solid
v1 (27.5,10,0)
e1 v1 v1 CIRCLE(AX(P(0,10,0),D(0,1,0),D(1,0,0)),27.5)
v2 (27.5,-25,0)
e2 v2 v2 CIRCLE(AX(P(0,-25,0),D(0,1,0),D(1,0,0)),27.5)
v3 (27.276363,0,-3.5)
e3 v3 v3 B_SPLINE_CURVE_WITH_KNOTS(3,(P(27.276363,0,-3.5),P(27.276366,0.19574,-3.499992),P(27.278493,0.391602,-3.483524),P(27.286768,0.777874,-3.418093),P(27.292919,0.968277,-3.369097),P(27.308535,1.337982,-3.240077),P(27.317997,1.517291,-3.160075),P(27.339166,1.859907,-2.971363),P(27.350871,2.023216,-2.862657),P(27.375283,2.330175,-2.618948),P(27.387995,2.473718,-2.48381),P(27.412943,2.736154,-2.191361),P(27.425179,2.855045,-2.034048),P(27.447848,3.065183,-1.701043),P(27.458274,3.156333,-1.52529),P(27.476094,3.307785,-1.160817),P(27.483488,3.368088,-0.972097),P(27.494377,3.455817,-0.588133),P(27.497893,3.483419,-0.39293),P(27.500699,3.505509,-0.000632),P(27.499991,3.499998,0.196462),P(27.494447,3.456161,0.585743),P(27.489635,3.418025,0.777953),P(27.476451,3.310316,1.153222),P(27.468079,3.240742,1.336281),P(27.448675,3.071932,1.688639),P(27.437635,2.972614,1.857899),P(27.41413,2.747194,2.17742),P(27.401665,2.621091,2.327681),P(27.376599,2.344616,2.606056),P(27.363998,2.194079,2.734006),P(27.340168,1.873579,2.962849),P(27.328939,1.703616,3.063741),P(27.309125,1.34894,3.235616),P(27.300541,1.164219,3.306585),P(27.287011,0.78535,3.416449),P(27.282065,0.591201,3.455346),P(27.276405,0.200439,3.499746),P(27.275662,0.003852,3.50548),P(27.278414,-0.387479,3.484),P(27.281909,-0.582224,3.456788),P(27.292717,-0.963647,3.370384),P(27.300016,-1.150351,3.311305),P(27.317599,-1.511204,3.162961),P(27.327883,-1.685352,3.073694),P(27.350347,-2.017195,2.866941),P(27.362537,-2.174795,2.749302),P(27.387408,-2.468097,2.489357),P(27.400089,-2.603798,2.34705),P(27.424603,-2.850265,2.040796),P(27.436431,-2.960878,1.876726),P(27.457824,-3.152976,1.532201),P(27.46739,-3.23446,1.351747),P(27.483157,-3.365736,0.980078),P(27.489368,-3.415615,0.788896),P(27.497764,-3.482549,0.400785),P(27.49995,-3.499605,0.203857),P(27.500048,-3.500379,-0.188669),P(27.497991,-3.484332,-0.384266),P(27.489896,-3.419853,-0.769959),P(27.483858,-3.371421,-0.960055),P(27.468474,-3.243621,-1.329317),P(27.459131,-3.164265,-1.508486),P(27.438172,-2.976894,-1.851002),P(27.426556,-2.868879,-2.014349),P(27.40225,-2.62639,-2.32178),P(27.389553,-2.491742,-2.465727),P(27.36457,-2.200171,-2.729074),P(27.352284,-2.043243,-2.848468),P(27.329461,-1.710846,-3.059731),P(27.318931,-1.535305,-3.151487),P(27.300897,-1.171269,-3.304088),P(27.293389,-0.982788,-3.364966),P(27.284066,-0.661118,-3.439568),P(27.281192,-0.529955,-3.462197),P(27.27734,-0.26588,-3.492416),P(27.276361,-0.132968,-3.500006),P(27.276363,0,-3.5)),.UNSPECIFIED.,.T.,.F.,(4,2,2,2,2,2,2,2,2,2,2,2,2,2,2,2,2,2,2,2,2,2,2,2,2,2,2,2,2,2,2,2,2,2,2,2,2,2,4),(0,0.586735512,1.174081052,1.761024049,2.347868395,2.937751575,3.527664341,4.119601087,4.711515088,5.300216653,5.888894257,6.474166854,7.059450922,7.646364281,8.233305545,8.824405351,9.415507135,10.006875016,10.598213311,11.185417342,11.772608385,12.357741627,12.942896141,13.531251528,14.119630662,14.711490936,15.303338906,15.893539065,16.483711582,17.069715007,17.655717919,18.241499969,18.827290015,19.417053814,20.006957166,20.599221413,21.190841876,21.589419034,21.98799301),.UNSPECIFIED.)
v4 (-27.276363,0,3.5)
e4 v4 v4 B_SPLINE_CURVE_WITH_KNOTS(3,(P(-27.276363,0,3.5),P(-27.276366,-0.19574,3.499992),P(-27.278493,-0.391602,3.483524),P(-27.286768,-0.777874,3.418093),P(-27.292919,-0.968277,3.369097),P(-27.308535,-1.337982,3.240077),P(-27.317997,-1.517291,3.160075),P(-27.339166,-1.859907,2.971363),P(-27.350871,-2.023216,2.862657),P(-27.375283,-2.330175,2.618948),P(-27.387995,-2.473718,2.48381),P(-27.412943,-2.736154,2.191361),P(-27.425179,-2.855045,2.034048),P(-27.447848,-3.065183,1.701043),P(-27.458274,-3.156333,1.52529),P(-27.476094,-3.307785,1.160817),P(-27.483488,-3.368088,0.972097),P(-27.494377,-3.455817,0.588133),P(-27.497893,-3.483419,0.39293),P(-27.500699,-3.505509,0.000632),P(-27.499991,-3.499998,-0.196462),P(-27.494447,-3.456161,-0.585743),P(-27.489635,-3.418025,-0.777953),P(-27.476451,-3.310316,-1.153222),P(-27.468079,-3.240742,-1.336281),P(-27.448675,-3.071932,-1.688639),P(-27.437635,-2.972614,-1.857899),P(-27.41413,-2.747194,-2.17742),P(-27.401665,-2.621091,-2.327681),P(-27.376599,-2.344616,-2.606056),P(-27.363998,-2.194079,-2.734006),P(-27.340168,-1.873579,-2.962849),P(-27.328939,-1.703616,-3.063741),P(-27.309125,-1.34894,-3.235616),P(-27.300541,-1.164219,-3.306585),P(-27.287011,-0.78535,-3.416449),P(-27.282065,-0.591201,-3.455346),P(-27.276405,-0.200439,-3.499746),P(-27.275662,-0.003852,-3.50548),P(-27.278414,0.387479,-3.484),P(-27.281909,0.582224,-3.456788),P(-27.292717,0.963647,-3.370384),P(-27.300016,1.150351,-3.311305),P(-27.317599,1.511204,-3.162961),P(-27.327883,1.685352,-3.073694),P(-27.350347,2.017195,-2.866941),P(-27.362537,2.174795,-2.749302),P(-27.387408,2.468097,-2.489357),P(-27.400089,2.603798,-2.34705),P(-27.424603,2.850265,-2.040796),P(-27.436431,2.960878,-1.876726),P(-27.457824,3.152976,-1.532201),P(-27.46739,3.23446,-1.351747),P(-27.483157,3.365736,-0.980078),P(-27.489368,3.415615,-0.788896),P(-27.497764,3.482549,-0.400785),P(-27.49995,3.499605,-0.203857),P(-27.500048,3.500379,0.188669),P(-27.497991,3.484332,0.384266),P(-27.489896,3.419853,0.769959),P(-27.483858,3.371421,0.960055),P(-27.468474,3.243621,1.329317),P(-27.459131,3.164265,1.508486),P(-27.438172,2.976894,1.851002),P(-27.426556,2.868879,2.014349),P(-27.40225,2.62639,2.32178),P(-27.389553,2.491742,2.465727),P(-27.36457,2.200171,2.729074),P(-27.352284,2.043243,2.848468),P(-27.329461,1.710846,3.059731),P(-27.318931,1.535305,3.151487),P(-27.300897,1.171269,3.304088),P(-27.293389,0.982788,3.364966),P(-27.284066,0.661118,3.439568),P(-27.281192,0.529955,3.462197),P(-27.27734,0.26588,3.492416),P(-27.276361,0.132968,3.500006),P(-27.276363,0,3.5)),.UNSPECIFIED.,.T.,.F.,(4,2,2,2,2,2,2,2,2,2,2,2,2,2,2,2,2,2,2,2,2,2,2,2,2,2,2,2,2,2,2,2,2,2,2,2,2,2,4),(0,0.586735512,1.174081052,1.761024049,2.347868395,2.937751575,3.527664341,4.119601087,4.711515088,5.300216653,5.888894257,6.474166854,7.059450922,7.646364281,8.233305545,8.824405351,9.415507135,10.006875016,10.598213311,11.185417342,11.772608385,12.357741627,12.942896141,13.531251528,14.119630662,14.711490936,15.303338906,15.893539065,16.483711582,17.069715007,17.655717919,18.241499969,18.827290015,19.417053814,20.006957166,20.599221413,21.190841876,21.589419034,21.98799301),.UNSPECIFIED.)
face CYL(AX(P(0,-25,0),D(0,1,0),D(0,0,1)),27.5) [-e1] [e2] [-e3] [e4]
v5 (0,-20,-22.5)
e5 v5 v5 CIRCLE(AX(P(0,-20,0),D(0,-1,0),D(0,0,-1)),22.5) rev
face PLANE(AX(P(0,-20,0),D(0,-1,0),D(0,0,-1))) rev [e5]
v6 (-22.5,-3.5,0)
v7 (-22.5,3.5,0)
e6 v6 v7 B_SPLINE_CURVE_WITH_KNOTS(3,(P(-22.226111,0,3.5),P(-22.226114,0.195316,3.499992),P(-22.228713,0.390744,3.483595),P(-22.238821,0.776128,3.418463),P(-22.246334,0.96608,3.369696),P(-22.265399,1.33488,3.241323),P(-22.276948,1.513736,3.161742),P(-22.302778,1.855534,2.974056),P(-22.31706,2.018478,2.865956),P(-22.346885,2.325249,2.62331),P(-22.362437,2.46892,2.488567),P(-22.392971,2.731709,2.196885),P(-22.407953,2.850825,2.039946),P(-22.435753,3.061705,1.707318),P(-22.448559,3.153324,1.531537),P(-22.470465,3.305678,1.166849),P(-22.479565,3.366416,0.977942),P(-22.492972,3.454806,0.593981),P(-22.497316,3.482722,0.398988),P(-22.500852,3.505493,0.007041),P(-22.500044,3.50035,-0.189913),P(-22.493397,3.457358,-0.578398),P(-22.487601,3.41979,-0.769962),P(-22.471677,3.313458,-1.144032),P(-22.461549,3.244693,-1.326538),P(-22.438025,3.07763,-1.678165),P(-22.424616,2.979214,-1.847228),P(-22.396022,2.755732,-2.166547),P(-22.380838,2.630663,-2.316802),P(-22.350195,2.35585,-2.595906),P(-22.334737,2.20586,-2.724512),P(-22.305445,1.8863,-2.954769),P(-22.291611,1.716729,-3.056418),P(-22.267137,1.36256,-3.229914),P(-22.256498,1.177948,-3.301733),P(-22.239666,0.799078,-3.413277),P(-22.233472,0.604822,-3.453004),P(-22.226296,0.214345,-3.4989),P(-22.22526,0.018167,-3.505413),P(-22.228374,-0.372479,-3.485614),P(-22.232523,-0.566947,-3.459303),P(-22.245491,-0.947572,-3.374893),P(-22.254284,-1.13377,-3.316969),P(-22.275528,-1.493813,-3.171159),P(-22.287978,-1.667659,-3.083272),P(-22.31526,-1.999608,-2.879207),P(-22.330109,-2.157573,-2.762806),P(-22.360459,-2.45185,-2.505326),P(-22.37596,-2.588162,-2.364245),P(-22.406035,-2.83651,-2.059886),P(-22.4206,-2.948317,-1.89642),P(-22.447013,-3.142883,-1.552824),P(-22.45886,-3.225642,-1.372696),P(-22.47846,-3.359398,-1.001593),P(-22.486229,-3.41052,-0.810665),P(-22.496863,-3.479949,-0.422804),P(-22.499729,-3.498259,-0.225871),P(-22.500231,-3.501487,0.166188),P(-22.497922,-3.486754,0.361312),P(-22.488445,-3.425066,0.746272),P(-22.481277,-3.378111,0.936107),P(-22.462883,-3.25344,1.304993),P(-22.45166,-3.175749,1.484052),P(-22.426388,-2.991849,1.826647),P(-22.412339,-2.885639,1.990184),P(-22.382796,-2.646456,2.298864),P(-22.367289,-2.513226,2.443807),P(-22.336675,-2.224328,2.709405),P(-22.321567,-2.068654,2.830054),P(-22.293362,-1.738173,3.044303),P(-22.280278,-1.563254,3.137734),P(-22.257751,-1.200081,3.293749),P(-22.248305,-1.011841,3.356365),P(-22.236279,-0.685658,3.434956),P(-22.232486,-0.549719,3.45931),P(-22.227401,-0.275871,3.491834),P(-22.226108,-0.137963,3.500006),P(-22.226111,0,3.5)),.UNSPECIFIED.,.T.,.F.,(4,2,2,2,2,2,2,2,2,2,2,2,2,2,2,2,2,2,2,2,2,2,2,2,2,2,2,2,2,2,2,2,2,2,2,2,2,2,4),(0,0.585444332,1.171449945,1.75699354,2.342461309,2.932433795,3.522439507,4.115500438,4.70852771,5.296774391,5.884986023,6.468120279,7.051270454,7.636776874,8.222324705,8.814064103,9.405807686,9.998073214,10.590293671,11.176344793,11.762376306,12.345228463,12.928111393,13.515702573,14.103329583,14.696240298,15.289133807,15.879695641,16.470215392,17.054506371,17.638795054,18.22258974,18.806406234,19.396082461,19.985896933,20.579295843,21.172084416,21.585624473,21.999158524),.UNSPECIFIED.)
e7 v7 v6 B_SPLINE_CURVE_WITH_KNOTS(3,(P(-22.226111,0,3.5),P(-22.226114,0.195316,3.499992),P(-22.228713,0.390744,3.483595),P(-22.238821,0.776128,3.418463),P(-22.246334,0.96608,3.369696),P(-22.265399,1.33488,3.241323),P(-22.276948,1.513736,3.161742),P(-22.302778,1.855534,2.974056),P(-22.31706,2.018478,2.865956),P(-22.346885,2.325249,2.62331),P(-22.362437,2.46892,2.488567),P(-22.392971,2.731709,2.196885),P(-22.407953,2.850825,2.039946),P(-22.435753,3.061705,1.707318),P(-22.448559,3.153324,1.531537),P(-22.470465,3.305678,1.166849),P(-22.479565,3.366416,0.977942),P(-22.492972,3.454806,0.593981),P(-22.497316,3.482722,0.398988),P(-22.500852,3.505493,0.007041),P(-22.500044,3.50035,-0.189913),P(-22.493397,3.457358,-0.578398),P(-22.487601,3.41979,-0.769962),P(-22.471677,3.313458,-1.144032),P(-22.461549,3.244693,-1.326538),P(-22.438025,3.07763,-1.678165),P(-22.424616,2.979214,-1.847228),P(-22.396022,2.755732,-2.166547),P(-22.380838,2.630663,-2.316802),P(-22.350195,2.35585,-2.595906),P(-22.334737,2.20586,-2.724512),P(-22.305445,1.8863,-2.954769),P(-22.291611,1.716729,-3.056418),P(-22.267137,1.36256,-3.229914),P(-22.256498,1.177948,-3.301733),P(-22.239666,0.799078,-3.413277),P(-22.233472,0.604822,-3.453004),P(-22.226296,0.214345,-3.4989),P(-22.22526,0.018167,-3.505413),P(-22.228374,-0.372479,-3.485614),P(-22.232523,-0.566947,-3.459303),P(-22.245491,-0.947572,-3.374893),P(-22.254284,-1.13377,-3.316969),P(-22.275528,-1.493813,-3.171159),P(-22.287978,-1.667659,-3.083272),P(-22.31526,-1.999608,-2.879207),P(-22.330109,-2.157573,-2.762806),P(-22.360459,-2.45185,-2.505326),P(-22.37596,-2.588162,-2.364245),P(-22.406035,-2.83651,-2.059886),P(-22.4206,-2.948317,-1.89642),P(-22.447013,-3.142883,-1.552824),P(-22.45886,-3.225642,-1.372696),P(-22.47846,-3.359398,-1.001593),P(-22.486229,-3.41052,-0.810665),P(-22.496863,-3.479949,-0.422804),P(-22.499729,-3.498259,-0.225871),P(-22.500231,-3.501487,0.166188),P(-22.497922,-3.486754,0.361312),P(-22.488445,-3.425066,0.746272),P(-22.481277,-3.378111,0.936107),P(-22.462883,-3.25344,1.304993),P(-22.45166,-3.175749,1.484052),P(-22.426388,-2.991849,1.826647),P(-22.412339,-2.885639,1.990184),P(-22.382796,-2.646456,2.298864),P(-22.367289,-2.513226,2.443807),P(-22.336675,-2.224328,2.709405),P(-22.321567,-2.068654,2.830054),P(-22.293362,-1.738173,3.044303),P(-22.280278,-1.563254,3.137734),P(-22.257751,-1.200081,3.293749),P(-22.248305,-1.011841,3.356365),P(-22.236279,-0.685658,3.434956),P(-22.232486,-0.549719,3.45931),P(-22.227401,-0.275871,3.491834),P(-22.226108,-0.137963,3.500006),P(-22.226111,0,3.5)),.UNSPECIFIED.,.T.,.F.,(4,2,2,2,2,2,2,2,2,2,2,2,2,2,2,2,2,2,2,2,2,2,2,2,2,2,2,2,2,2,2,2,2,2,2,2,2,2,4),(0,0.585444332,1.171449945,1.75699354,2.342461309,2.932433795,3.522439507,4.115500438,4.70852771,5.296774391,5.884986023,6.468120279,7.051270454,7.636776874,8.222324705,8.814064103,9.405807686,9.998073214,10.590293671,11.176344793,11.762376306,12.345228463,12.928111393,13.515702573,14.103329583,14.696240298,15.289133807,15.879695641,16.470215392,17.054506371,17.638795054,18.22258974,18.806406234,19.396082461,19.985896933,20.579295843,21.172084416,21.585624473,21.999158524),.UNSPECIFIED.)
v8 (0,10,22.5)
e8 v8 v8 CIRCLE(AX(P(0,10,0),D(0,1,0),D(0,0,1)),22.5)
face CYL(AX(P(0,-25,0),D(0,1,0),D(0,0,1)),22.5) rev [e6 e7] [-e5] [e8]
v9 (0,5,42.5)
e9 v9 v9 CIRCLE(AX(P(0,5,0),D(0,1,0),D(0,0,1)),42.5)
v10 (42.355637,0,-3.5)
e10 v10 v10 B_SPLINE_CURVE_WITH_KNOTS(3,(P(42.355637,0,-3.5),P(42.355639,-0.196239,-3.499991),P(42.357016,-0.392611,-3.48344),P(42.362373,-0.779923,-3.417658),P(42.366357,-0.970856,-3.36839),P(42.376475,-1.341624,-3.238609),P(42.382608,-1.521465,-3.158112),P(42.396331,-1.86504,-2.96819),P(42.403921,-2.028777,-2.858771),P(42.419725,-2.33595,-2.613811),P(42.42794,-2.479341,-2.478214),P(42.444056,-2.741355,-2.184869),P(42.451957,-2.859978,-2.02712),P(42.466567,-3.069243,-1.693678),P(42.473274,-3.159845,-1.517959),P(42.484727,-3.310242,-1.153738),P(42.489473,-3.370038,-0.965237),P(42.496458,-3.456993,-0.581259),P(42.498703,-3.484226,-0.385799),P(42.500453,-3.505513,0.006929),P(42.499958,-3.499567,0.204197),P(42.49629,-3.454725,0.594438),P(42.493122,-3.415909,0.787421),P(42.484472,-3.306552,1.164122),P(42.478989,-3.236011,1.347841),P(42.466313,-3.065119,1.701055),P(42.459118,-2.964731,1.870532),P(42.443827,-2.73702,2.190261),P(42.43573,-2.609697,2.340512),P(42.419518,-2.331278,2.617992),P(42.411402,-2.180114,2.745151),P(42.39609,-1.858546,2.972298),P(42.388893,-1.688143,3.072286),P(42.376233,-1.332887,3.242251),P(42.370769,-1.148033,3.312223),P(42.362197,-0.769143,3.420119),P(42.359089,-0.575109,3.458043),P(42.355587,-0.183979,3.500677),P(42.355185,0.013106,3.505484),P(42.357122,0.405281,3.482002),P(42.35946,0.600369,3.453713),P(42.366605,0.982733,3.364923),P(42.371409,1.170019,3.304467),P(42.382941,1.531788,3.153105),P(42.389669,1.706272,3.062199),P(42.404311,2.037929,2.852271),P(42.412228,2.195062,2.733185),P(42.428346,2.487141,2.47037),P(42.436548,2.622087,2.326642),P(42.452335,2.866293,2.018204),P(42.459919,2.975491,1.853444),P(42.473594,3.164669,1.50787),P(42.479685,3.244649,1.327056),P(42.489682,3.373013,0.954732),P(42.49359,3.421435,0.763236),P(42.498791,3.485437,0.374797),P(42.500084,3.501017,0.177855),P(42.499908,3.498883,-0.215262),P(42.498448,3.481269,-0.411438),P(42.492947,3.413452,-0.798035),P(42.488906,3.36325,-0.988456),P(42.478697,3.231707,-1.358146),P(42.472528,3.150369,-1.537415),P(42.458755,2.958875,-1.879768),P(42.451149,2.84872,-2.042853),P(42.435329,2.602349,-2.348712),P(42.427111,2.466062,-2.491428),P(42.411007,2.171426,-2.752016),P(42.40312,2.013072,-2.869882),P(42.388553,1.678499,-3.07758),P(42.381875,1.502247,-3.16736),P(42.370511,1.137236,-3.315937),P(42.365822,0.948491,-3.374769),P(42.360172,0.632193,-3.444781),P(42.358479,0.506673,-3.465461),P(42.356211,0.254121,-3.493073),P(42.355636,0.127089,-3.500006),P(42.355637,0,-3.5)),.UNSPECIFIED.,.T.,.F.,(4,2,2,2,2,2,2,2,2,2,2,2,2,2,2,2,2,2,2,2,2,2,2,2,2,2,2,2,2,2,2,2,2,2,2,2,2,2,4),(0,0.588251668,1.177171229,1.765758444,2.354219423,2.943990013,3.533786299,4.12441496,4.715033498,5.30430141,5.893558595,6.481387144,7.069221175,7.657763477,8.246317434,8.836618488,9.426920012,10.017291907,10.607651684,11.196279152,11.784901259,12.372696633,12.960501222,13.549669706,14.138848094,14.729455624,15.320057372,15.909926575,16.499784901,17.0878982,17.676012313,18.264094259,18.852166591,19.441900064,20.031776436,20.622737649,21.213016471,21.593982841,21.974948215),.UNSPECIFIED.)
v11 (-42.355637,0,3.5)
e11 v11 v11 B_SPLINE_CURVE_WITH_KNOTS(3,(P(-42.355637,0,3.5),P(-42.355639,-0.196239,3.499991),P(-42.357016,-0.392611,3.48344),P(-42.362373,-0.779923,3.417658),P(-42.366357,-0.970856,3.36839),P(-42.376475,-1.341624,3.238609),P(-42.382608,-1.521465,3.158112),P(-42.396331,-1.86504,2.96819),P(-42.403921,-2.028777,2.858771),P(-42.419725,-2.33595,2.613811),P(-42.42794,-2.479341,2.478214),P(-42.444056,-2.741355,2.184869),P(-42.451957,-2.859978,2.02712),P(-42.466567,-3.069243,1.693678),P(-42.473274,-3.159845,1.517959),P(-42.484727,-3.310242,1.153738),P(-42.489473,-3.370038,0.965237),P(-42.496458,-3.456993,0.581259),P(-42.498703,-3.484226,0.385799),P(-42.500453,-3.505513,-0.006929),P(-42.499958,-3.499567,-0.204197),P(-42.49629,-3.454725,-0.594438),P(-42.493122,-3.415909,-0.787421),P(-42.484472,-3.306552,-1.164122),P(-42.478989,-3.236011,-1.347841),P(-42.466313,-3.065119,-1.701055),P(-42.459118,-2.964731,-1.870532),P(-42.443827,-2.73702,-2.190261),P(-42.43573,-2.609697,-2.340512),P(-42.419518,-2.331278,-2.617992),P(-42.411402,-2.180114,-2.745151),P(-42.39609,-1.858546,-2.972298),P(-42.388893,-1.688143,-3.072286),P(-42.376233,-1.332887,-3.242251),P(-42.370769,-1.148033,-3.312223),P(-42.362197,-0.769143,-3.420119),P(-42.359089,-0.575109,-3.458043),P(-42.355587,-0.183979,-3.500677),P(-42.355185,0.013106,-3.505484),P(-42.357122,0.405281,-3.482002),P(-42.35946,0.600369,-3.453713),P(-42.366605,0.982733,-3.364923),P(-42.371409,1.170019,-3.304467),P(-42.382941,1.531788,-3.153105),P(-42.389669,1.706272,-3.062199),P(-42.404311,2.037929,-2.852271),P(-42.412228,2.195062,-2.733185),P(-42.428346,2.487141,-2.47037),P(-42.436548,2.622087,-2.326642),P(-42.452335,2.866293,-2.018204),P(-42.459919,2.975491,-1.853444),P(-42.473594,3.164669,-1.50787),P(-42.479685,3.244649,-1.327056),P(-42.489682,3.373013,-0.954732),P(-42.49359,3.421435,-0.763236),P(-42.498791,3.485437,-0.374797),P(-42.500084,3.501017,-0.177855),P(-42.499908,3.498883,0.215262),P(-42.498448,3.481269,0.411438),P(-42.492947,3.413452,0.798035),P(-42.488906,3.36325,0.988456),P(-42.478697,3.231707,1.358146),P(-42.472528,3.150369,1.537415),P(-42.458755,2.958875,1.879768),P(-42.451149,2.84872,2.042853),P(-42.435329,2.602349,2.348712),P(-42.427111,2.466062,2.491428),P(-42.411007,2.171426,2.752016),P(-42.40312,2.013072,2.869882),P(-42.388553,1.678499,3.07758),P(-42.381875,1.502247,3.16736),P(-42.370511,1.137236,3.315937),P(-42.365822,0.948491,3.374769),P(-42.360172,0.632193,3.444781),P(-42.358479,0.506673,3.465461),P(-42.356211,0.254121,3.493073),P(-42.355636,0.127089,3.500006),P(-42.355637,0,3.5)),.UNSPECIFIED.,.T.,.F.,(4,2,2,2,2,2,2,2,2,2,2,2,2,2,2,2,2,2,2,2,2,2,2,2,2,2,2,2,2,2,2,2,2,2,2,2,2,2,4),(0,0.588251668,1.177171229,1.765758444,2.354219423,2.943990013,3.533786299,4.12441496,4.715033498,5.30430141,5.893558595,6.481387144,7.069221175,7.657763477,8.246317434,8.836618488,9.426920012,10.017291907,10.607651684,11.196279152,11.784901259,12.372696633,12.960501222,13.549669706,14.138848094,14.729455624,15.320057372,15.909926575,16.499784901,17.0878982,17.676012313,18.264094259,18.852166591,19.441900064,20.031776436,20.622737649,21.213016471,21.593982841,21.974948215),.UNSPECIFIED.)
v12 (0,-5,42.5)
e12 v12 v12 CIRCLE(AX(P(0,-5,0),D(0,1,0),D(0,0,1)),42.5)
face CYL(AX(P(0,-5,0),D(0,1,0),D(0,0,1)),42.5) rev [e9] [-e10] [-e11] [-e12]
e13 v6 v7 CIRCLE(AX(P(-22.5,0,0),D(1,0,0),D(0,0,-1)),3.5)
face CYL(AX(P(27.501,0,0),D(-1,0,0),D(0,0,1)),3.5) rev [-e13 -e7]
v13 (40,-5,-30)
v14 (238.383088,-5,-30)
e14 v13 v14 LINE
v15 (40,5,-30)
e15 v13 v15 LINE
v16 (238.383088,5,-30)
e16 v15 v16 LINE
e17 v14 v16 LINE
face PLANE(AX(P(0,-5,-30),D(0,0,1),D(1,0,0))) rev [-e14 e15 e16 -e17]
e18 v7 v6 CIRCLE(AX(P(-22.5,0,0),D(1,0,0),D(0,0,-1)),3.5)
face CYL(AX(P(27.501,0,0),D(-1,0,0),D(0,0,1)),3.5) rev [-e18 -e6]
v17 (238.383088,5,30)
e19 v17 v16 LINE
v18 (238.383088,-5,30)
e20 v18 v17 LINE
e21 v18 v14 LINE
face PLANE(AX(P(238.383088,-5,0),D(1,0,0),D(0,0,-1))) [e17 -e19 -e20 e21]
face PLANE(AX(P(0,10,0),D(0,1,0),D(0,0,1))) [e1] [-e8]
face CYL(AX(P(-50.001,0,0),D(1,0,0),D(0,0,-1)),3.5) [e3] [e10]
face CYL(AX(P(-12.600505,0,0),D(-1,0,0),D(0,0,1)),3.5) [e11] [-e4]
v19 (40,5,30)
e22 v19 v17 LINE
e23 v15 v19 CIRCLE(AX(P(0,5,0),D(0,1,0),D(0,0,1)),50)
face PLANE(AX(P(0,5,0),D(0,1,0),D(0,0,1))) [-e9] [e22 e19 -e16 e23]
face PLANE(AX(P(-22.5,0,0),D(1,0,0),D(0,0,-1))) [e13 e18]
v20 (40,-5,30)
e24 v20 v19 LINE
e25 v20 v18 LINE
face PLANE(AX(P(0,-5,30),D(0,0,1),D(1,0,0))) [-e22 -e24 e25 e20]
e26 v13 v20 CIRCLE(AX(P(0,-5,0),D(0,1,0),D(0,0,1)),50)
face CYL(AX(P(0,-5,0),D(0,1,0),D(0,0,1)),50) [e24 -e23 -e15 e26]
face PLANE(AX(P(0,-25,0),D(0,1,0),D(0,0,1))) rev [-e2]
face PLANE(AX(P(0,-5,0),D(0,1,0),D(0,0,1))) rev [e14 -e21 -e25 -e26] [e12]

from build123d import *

# Parameters (mm, degrees)
EXTRUDE_THIN1_DEPTH      = 10
EXTRUDE_THIN1_DEPTH_BACK = 25
SKETCH1_R                = 27.5
SKETCH1_R_2              = 22.5
SKETCH3_R                = 22.5
BOSS_EXTRUDE1_DEPTH      = 5
BOSS_EXTRUDE2_DEPTH      = 5
BOSS_EXTRUDE2_DEPTH_BACK = 5
SKETCH1_4_R              = 50
SKETCH1_4_R_2            = 42.5
CUT_EXTRUDE1_REACH       = 220.167
CUT_EXTRUDE1_END_RADIUS  = 22.5
SKETCH5_R                = 3.5
BOSS_EXTRUDE3_REACH      = 205.704
BOSS_EXTRUDE3_END_RADIUS = 22.5
SKETCH6_R                = 3.5
SKETCH7_R                = 3.5
BOSS_EXTRUDE5_DEPTH      = 20


with BuildPart() as part:
    # Sketch1 → Extrude-Thin1 (new, two sides: drawn at the far end of the back side and taken through both)
    with BuildSketch(Plane(origin=(0, 0, 0), x_dir=(1, 0, 0), z_dir=(0, 1, 0)).offset(-EXTRUDE_THIN1_DEPTH_BACK)):
        Circle(SKETCH1_R)
        Circle(SKETCH1_R_2, mode=Mode.SUBTRACT)
    extrude(amount=EXTRUDE_THIN1_DEPTH + EXTRUDE_THIN1_DEPTH_BACK)

    # Sketch3 → Boss-Extrude1 (add)
    with BuildSketch(Plane.XZ.offset(25)):
        with Locations(Location((0, 0, 0), (0, 0, 90))):
            Circle(SKETCH3_R)
    extrude(amount=-BOSS_EXTRUDE1_DEPTH)

    # Cut-Extrude1: up to this cylinder (the profile starts outside it)
    cut_extrude1_end = Plane(origin=(0, 0, 0), z_dir=(0, 1, 0)) * Cylinder(CUT_EXTRUDE1_END_RADIUS, 486.334, mode=Mode.PRIVATE)
    # Sketch5 → Cut-Extrude1 (cut, up to the surface)
    with BuildSketch(Plane(origin=(27.5, 0, 0), x_dir=(0, 0, -1), z_dir=(1, 0, 0)), mode=Mode.PRIVATE) as cut_extrude1_sk1:
        Circle(SKETCH5_R)
    cut_extrude1_tool1 = extrude(cut_extrude1_sk1.sketch, amount=-CUT_EXTRUDE1_REACH, mode=Mode.PRIVATE) - cut_extrude1_end
    cut_extrude1 = cut_extrude1_tool1.solids().sort_by_distance((27.5, 0, 0))[0]
    add(cut_extrude1, mode=Mode.SUBTRACT)

    # Mirror1: Cut-Extrude1 across plane
    add(cut_extrude1.mirror(Plane(origin=(0, 0, 0), x_dir=(0, 0, 1), z_dir=(1, 0, 0))), mode=Mode.SUBTRACT)



with BuildPart() as body_2:
    # Sketch1<4> → Boss-Extrude2 (new, two sides: drawn at the far end of the back side and taken through both)
    # profile 1 of 2: a face of its own
    with BuildSketch(Plane(origin=(0, 0, 0), x_dir=(1, 0, 0), z_dir=(0, 1, 0)).offset(-BOSS_EXTRUDE2_DEPTH_BACK)):
        Circle(SKETCH1_4_R)
        with Locations(Location((0, 0, 0), (0, 0, 270))):
            Circle(SKETCH1_4_R_2, mode=Mode.SUBTRACT)
    # profile 2 of 2: a face of its own
    with BuildSketch(Plane(origin=(0, 0, 0), x_dir=(1, 0, 0), z_dir=(0, 1, 0)).offset(-BOSS_EXTRUDE2_DEPTH_BACK)):
        with BuildLine():
            ThreePointArc((50, 0), (47.434164903, -15.811388301), (40, -30))
            Line((40, -30), (238.383087675, -30))
            Line((238.383087675, -30), (238.383087675, 30))
            Line((238.383087675, 30), (40, 30))
            ThreePointArc((40, 30), (47.434164903, 15.811388301), (50, 0))
        make_face()
    extrude(amount=BOSS_EXTRUDE2_DEPTH + BOSS_EXTRUDE2_DEPTH_BACK)


with BuildPart() as part_1:
    add(part.part)

    add(body_2.part)  # Boss-Extrude3 merges body 2
    # Boss-Extrude3: up to this cylinder (the profile starts outside it)
    boss_extrude3_end = Plane(origin=(0, 0, 0), z_dir=(0, 1, 0)) * Cylinder(BOSS_EXTRUDE3_END_RADIUS, 457.408, mode=Mode.PRIVATE)
    # Sketch6 → Boss-Extrude3 (add, up to the surface)
    with BuildSketch(Plane.ZY.offset(-42.5), mode=Mode.PRIVATE) as boss_extrude3_sk1:
        with Locations(Location((0, 0, 0), (0, 0, 180))):
            Circle(SKETCH6_R)
    boss_extrude3_tool1 = extrude(boss_extrude3_sk1.sketch, amount=BOSS_EXTRUDE3_REACH, mode=Mode.PRIVATE) - boss_extrude3_end
    add(boss_extrude3_tool1.solids().sort_by_distance((42.5, 0, 0))[0])

    # Sketch7 → Boss-Extrude5 (add)
    with BuildSketch(Plane(origin=(-42.5, 0, 0), x_dir=(0, 0, -1), z_dir=(1, 0, 0))):
        Circle(SKETCH7_R)
    extrude(amount=BOSS_EXTRUDE5_DEPTH)


solid = part_1.part
